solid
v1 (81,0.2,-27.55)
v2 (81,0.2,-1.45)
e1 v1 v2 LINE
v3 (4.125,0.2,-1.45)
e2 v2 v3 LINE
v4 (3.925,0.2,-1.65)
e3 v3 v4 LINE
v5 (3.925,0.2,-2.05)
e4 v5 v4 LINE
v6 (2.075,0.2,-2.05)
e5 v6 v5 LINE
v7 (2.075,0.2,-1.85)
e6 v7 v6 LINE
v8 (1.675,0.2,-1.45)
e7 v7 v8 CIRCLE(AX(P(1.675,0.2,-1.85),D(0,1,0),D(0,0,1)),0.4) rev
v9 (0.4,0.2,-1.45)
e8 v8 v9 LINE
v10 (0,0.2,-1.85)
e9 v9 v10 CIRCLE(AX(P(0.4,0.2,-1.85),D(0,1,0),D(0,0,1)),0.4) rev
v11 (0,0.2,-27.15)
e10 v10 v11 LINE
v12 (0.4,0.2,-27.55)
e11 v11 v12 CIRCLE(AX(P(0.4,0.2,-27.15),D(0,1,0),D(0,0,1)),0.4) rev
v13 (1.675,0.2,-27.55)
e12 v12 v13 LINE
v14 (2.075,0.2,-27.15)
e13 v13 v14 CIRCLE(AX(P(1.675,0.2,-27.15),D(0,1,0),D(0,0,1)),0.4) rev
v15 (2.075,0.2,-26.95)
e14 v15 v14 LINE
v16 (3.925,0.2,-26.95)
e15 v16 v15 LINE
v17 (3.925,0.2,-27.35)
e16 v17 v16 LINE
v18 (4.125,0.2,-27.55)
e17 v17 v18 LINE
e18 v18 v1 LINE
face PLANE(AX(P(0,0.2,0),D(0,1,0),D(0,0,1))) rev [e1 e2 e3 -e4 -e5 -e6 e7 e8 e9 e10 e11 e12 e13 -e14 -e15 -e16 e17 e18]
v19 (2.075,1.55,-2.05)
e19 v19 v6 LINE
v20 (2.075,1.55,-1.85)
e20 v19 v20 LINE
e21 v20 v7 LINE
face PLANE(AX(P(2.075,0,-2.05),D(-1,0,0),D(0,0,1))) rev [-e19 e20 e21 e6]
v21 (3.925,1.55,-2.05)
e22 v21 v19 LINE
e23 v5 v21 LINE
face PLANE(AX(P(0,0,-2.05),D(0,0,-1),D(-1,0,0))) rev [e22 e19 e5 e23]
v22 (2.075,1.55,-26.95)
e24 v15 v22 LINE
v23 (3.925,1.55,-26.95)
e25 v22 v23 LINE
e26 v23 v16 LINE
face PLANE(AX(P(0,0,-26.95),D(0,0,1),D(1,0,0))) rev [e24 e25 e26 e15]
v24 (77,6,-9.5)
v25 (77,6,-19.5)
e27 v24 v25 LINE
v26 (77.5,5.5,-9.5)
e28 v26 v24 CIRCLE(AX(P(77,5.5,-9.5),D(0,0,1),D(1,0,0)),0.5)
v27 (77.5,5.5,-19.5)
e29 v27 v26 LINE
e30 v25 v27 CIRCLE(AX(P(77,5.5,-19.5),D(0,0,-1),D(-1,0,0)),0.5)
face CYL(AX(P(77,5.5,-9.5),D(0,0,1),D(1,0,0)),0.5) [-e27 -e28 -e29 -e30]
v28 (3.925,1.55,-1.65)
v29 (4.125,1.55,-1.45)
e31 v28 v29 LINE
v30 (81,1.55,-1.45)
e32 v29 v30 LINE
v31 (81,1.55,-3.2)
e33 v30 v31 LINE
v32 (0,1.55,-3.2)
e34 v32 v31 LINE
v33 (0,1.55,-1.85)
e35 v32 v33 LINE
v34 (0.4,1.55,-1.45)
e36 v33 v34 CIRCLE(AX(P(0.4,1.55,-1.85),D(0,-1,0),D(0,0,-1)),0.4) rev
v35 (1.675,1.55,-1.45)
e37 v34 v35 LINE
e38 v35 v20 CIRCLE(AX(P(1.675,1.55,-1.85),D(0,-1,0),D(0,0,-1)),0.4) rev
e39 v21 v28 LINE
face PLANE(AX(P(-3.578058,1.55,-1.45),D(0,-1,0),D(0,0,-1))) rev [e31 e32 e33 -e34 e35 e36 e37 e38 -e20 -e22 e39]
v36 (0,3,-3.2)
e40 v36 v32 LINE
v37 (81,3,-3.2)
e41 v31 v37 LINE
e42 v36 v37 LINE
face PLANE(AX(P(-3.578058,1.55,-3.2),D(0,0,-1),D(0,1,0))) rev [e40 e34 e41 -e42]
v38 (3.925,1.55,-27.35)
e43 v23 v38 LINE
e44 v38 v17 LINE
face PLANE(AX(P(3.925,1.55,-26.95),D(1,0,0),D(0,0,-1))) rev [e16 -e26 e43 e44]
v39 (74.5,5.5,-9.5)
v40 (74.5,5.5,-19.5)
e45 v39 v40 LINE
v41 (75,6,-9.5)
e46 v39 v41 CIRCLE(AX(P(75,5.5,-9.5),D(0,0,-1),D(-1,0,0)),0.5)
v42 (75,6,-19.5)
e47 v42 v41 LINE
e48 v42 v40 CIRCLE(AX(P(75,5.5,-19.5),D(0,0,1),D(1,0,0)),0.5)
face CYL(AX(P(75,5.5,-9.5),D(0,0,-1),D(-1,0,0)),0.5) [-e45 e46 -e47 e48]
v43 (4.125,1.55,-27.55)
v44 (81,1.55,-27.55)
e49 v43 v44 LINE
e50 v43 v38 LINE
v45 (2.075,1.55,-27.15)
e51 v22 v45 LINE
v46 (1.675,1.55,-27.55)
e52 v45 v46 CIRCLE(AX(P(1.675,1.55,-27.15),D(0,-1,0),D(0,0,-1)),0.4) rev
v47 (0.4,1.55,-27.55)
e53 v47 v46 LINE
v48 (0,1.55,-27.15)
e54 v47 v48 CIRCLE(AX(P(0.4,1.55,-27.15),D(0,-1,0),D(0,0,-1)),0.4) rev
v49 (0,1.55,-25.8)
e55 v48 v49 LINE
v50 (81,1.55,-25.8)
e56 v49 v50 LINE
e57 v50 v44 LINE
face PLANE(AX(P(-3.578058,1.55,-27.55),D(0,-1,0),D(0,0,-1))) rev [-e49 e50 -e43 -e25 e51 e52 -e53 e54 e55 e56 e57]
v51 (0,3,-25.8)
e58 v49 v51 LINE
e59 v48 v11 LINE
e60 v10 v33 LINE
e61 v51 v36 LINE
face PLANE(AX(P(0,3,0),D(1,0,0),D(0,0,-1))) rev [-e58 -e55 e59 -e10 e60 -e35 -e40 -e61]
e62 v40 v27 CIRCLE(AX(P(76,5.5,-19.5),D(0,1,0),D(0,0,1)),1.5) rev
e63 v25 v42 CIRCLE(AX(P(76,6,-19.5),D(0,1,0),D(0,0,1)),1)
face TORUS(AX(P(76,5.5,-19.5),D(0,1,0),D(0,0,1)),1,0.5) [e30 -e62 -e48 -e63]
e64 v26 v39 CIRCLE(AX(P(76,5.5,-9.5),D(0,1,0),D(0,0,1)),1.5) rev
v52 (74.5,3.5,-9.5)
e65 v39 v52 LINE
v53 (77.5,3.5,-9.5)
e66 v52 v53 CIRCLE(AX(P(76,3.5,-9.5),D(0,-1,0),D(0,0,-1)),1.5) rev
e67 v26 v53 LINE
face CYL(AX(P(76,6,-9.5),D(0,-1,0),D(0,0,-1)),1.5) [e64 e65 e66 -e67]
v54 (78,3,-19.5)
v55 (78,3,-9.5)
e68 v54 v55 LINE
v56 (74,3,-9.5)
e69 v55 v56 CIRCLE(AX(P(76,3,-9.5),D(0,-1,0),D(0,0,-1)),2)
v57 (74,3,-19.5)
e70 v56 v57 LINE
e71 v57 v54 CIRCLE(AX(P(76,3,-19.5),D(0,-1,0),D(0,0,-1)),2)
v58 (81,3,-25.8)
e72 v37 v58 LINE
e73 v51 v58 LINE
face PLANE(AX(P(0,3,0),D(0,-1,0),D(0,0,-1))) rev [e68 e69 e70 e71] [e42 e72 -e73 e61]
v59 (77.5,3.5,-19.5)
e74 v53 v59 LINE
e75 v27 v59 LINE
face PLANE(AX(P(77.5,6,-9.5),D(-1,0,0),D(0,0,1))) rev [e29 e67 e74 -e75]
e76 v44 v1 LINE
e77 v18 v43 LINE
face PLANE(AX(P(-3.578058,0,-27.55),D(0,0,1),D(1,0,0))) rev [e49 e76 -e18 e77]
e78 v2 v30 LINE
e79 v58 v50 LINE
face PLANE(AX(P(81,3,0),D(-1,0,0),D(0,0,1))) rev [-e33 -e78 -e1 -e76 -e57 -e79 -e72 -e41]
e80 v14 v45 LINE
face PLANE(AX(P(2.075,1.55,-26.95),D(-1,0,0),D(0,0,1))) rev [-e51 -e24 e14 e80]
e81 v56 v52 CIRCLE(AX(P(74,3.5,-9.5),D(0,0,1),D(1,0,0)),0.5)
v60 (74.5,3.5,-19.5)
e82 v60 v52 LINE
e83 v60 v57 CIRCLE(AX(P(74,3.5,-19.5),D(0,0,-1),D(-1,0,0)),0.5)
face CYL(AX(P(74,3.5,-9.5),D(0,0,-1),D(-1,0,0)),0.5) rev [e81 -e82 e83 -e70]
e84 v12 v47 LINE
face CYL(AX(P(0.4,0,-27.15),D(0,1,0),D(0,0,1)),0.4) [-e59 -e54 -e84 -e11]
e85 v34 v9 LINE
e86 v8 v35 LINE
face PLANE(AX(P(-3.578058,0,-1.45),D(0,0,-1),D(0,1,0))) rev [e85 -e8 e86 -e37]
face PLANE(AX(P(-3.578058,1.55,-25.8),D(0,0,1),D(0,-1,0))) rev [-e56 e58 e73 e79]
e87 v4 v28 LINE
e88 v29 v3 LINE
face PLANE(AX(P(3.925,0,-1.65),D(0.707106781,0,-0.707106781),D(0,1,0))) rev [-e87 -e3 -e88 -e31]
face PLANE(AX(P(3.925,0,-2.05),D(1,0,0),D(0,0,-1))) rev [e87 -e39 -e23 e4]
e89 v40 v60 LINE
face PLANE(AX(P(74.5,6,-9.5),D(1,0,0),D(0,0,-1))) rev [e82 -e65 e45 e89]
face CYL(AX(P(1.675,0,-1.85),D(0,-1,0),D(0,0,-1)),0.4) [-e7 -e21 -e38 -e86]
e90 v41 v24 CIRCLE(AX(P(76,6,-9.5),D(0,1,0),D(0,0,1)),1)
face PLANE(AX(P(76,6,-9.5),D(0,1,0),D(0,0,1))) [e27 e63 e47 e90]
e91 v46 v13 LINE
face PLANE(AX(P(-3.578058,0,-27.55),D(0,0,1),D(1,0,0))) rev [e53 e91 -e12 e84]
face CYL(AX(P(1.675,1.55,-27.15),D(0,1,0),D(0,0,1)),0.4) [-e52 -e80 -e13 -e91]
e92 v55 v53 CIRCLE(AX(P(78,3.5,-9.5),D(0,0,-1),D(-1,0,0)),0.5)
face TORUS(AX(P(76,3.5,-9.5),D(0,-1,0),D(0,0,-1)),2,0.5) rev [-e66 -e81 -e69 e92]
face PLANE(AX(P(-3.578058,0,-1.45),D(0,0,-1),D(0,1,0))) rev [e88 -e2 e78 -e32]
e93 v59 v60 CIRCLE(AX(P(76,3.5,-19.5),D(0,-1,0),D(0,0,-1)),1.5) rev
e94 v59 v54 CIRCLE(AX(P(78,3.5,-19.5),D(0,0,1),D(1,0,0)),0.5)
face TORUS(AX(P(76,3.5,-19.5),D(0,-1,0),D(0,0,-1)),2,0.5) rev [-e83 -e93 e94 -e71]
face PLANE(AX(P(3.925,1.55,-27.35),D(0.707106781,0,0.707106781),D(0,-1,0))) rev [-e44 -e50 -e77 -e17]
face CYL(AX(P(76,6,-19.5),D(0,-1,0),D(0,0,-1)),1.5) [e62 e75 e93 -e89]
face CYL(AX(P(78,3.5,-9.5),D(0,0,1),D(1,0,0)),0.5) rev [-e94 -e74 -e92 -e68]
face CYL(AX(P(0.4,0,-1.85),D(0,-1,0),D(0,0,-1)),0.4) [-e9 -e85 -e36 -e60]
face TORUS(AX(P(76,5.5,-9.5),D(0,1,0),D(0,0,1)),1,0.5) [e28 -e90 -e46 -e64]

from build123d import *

# Parameters (mm, degrees)
SKETCH1_W           = 81
SKETCH1_H           = 29
BOSS_EXTRUDE1_DEPTH = 3
CUT_EXTRUDE2_DEPTH  = 81
CUT_EXTRUDE3_DEPTH  = 81
SKETCH6_W           = 1.85
SKETCH6_H           = 1.55
CUT_EXTRUDE5_DEPTH  = 0.6
FILLET6_R           = 0.4
CHAMFER2_SIZE       = 0.2
SKETCH7_W           = 1.85
SKETCH7_H           = 1.55
CUT_EXTRUDE6_DEPTH  = 0.6
FILLET7_R           = 0.4
CHAMFER3_SIZE       = 0.2
SKETCH11_W          = 81
SKETCH11_H          = 26.1
CUT_EXTRUDE7_DEPTH  = 0.2
FILLET8_R           = 0.4
BOSS_EXTRUDE2_DEPTH = 3
FILLET11_R          = 0.5
FILLET10_R          = 0.5


with BuildPart() as part:
    # Sketch1 → Boss-Extrude1 (new body)
    with BuildSketch(Plane(origin=(0, 0, 0), x_dir=(1, 0, 0), z_dir=(0, 1, 0))):
        with Locations((40.5, 14.5)):
            Rectangle(SKETCH1_W, SKETCH1_H)
    extrude(amount=BOSS_EXTRUDE1_DEPTH)

    # Sketch2 → Cut-Extrude2 (cut)
    with BuildSketch(Plane(origin=(81, 0, 0), x_dir=(0, 0, -1), z_dir=(1, 0, 0))):
        Polygon((0, 3), (3, 3), (3, 1.75), (1.25, 1.75), (1.25, 0), (0, 0), align=None)
        Polygon((29, 0), (27.75, 0), (27.75, 1.75), (26, 1.75), (26, 3), (29, 3), align=None)
    extrude(amount=-CUT_EXTRUDE2_DEPTH, mode=Mode.SUBTRACT)

    # Sketch4 → Cut-Extrude3 (cut)
    with BuildSketch(Plane(origin=(81, 0, 0), x_dir=(0, 0, -1), z_dir=(1, 0, 0))):
        Polygon((27.75, 0), (27.55, 0), (27.55, 1.55), (25.8, 1.55), (25.8, 3), (26, 3), (26, 1.75), (27.75, 1.75), align=None)
        Polygon((3.2, 3), (3, 3), (3, 1.75), (1.25, 1.75), (1.25, 0), (1.45, 0), (1.45, 1.55), (3.2, 1.55), align=None)
    extrude(amount=-CUT_EXTRUDE3_DEPTH, mode=Mode.SUBTRACT)

    # Sketch6 → Cut-Extrude5 (cut)
    with BuildSketch(Plane.XY.offset(-1.45)):
        with Locations((3, 0.775)):
            Rectangle(SKETCH6_W, SKETCH6_H)
    extrude(amount=-CUT_EXTRUDE5_DEPTH, mode=Mode.SUBTRACT)

    # Fillet6
    fillet6_edges = [part.edges().sort_by_distance(p)[0] for p in [
        (2.075, 0.775, -1.45),
    ]]
    fillet(fillet6_edges, radius=FILLET6_R)

    # Chamfer2
    chamfer2_edges = [part.edges().sort_by_distance(p)[0] for p in [
        (3.925, 0.775, -1.45),
    ]]
    chamfer(chamfer2_edges, length=CHAMFER2_SIZE)

    # Sketch7 → Cut-Extrude6 (cut)
    with BuildSketch(Plane(origin=(0, 0, -27.55), x_dir=(-1, 0, 0), z_dir=(0, 0, -1))):
        with Locations((-3, 0.775)):
            Rectangle(SKETCH7_W, SKETCH7_H)
    extrude(amount=-CUT_EXTRUDE6_DEPTH, mode=Mode.SUBTRACT)

    # Fillet7
    fillet7_edges = [part.edges().sort_by_distance(p)[0] for p in [
        (2.075, 0.775, -27.55),
    ]]
    fillet(fillet7_edges, radius=FILLET7_R)

    # Chamfer3
    chamfer3_edges = [part.edges().sort_by_distance(p)[0] for p in [
        (3.925, 0.775, -27.55),
    ]]
    chamfer(chamfer3_edges, length=CHAMFER3_SIZE)

    # Sketch11 → Cut-Extrude7 (cut)
    with BuildSketch(Plane(origin=(0, 0, 0), x_dir=(-1, 0, 0), z_dir=(0, -1, 0))):
        with Locations((-40.5, 14.5)):
            Rectangle(SKETCH11_W, SKETCH11_H)
    extrude(amount=-CUT_EXTRUDE7_DEPTH, mode=Mode.SUBTRACT)

    # Fillet8
    fillet8_edges = [part.edges().sort_by_distance(p)[0] for p in [
        (0, 0.875, -27.55),
        (0, 0.875, -1.45),
    ]]
    fillet(fillet8_edges, radius=FILLET8_R)

    # Sketch9 → Boss-Extrude2 (add)
    with BuildSketch(Plane(origin=(0, 3, 0), x_dir=(1, 0, 0), z_dir=(0, 1, 0))):
        with BuildLine():
            Line((74.5, 9.5), (74.5, 19.5))
            ThreePointArc((74.5, 19.5), (76, 21), (77.5, 19.5))
            Line((77.5, 19.5), (77.5, 9.5))
            ThreePointArc((77.5, 9.5), (76, 8), (74.5, 9.5))
        make_face()
    extrude(amount=BOSS_EXTRUDE2_DEPTH)

    # Fillet11
    fillet11_edges = [part.edges().sort_by_distance(p)[0] for p in [
        (76, 6, -8),
        (77.5, 6, -14.5),
        (76, 6, -21),
        (74.5, 6, -14.5),
    ]]
    fillet(fillet11_edges, radius=FILLET11_R)

    # Fillet10
    fillet10_edges = [part.edges().sort_by_distance(p)[0] for p in [
        (76, 3, -8),
        (77.5, 3, -14.5),
        (76, 3, -21),
        (74.5, 3, -14.5),
    ]]
    fillet(fillet10_edges, radius=FILLET10_R)


solid = part.part
